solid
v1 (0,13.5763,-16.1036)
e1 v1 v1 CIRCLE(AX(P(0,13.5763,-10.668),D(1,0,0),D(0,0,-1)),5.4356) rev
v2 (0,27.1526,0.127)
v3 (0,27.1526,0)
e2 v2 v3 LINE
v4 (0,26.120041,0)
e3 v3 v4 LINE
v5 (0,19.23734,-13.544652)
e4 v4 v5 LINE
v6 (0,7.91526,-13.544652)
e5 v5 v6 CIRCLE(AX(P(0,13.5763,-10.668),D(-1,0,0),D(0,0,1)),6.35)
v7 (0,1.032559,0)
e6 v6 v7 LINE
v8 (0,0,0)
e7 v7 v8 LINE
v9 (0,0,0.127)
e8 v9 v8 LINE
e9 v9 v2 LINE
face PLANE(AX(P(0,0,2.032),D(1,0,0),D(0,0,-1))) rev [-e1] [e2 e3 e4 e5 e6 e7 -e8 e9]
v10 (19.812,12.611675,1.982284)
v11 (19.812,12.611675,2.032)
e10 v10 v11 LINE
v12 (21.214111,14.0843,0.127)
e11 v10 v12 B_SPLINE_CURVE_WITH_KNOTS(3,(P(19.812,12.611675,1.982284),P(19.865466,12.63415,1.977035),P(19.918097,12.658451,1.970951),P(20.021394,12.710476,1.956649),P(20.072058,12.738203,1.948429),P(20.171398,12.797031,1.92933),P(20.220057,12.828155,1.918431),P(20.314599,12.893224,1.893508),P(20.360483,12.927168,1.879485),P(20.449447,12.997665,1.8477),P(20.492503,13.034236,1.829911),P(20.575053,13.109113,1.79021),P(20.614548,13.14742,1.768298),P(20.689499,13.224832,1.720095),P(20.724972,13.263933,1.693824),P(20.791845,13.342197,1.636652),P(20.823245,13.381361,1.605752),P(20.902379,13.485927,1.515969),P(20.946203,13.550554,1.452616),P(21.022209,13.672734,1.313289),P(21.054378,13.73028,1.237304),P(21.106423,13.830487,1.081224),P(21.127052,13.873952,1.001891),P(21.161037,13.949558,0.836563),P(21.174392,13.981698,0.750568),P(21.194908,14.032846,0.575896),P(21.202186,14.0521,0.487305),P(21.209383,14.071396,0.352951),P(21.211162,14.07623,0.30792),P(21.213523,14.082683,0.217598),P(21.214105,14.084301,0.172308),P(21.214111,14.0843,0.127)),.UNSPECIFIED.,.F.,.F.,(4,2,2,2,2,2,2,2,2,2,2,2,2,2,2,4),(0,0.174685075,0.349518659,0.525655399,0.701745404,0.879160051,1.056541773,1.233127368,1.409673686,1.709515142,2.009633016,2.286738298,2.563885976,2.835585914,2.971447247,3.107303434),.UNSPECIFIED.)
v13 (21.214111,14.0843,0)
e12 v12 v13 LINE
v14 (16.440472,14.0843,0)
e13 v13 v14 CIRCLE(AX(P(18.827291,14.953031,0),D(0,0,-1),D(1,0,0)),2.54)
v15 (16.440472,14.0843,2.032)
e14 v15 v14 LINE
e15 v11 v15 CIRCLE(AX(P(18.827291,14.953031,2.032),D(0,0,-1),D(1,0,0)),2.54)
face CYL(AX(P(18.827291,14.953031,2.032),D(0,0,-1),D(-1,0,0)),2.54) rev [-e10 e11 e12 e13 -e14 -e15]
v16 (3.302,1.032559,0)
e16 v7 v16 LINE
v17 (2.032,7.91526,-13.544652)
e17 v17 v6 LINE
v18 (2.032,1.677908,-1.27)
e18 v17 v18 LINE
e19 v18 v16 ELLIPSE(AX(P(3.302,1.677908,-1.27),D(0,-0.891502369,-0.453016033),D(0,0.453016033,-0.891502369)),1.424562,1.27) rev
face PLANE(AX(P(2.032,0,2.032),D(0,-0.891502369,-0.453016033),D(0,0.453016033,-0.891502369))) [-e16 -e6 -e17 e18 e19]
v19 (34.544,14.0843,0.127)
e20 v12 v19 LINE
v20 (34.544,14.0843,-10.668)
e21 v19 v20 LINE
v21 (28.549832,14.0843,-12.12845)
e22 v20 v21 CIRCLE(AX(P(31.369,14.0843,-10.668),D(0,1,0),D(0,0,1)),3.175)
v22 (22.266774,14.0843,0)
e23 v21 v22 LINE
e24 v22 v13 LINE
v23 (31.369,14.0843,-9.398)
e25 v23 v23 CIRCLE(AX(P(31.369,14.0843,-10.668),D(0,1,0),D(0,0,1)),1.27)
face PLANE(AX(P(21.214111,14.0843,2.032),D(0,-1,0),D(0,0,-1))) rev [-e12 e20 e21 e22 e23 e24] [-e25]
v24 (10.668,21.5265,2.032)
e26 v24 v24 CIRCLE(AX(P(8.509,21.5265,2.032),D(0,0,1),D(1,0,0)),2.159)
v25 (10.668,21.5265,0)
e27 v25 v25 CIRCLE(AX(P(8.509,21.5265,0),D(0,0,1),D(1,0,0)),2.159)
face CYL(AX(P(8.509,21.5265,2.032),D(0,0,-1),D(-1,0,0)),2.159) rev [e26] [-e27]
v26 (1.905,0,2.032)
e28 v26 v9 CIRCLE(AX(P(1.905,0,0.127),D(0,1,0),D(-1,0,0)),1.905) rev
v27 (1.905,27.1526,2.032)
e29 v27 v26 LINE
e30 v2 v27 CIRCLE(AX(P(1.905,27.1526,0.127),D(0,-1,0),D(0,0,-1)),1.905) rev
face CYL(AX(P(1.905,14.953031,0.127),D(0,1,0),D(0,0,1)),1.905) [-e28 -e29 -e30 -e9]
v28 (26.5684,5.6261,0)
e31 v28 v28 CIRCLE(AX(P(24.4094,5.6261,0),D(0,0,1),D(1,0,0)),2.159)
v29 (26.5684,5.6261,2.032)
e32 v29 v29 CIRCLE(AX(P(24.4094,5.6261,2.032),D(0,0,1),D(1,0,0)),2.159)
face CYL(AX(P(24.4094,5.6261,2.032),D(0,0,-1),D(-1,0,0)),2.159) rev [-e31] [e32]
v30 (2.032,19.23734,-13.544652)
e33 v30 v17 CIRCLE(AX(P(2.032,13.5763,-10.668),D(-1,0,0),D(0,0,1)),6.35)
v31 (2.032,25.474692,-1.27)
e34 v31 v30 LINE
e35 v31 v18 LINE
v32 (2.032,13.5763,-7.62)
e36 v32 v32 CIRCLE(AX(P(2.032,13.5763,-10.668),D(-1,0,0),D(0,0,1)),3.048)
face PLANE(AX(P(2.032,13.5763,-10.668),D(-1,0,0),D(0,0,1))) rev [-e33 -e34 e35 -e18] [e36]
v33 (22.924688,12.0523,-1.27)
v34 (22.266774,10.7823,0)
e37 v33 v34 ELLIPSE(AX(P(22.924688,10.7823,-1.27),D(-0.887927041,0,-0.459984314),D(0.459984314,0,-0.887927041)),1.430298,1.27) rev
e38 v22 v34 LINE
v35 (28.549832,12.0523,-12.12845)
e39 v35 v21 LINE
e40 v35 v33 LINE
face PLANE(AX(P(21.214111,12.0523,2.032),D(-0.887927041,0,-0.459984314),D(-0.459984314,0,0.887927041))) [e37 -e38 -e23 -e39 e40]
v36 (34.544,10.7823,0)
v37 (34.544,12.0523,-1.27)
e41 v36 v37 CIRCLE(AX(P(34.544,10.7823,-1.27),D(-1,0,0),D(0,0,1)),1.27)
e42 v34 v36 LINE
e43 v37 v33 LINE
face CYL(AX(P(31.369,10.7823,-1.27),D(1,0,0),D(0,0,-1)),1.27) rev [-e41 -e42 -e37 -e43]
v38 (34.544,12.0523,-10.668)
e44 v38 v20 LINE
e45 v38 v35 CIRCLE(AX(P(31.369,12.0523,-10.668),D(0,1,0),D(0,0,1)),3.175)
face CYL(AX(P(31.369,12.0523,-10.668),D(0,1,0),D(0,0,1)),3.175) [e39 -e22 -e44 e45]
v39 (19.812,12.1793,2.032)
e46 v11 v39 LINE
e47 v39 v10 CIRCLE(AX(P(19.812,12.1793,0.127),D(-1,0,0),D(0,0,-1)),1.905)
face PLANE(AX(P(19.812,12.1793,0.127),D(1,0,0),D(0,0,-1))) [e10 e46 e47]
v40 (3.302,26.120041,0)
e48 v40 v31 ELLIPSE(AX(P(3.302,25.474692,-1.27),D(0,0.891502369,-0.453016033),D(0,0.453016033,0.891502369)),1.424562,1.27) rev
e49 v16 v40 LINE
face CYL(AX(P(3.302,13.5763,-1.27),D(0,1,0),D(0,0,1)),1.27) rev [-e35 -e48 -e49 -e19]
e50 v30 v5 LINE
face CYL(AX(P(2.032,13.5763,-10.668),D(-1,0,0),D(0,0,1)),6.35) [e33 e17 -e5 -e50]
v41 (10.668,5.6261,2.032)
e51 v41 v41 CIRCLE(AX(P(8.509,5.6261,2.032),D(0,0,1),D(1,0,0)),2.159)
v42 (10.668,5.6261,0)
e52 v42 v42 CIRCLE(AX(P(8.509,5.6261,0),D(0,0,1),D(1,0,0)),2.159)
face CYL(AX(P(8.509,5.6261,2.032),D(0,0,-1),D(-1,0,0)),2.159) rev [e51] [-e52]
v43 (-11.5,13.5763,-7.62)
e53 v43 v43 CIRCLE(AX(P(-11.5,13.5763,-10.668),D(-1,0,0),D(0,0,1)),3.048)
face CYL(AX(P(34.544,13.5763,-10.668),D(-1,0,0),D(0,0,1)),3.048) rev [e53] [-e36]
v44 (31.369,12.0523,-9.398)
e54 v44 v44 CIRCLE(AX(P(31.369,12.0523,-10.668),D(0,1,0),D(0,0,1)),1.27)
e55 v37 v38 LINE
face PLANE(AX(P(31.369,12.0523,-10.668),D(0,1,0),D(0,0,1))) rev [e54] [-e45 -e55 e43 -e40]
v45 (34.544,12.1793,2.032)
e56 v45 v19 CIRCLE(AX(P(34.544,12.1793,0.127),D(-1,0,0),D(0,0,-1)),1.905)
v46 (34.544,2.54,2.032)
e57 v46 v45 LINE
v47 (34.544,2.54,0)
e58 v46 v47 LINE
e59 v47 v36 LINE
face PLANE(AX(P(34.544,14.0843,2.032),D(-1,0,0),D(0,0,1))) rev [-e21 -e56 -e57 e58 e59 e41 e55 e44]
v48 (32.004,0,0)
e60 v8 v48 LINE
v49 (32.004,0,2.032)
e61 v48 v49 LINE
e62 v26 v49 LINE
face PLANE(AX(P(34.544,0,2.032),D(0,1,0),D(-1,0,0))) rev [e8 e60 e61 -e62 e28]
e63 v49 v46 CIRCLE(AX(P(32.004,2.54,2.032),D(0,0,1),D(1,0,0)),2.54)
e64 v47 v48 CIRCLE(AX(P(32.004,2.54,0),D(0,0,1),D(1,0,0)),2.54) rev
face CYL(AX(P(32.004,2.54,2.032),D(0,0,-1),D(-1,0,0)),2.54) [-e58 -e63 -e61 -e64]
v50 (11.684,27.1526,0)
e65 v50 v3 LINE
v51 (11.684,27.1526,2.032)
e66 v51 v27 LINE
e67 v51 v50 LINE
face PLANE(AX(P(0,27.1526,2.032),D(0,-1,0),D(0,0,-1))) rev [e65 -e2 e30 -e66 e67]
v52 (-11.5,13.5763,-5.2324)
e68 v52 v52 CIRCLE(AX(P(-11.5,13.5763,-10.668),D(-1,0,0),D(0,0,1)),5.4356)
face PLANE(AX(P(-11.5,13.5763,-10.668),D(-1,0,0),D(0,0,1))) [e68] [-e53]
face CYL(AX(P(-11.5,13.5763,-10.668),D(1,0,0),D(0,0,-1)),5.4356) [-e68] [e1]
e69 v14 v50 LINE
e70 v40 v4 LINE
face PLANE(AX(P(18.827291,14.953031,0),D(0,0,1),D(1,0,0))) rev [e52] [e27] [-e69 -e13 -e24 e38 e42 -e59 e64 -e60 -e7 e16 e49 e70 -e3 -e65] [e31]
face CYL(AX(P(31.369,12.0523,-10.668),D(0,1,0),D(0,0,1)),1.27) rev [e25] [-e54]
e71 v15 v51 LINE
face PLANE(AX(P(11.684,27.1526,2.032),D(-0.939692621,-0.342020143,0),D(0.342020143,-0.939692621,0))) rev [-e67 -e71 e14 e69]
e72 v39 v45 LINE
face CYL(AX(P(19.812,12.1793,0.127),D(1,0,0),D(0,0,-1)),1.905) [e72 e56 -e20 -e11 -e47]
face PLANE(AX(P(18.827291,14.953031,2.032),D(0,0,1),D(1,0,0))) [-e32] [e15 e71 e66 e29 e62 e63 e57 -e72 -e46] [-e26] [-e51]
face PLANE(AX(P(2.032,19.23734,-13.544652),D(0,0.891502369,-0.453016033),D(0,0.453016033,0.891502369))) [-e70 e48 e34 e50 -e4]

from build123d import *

# Parameters (mm, degrees)
SKETCH1_R           = 2.159
BOSS_EXTRUDE1_DEPTH = 2.032
BOSS_EXTRUDE2_DEPTH = 2.032
SKETCH3_R           = 5.4356
BOSS_EXTRUDE3_DEPTH = 11.5
SKETCH4_R           = 3.048
CUT_EXTRUDE1_DEPTH  = 57.097468274
SKETCH5_R           = 1.27
BOSS_EXTRUDE4_DEPTH = 2.032
CUT_EXTRUDE2_DEPTH  = 14.732
FILLET4_R           = 1.905
FILLET5_R           = 1.27
FILLET6_R           = 2.54


with BuildPart() as part:
    # Sketch1 → Boss-Extrude1 (new body)
    with BuildSketch(Plane.XY):
        with BuildLine():
            Line((0, 0), (0, 27.1526))
            Line((0, 27.1526), (11.684, 27.1526))
            Line((11.684, 27.1526), (16.440472212, 14.0843))
            ThreePointArc((16.440472212, 14.0843), (18.827291469, 12.413031164), (21.214110726, 14.0843))
            Line((21.214110726, 14.0843), (34.544, 14.0843))
            Line((34.544, 14.0843), (34.544, 0))
            Line((34.544, 0), (0, 0))
        make_face()
        with Locations((8.509, 21.5265)):
            Circle(SKETCH1_R, mode=Mode.SUBTRACT)
        with Locations((8.509, 5.6261)):
            Circle(SKETCH1_R, mode=Mode.SUBTRACT)
        with Locations((24.4094, 5.6261)):
            Circle(SKETCH1_R, mode=Mode.SUBTRACT)
    extrude(amount=BOSS_EXTRUDE1_DEPTH)

    # Sketch2 → Boss-Extrude2 (add)
    with BuildSketch(Plane.ZY):
        with BuildLine():
            Line((2.032, 0), (-13.544651807, 7.915259956))
            ThreePointArc((-13.544651807, 7.915259956), (-17.018, 13.5763), (-13.544651807, 19.237340044))
            Line((-13.544651807, 19.237340044), (2.032, 27.1526))
            Line((2.032, 27.1526), (2.032, 0))
        make_face()
    extrude(amount=-BOSS_EXTRUDE2_DEPTH)

    # Sketch3 → Boss-Extrude3 (add)
    with BuildSketch(Plane.ZY):
        with Locations(Location((-10.668, 13.5763, 0), (0, 0, 180))):
            Circle(SKETCH3_R)
    extrude(amount=BOSS_EXTRUDE3_DEPTH)

    # Sketch4 → Cut-Extrude1 (cut, through all)
    with BuildSketch(Plane.ZY.offset(11.5)):
        with Locations((-10.668, 13.5763)):
            Circle(SKETCH4_R)
    extrude(amount=-CUT_EXTRUDE1_DEPTH, mode=Mode.SUBTRACT)

    # Sketch5 → Boss-Extrude4 (add)
    with BuildSketch(Plane(origin=(0, 14.0843, 0), x_dir=(1, 0, 0), z_dir=(0, 1, 0))):
        with BuildLine():
            Line((21.214110726, -2.032), (28.549831644, 12.128450197))
            ThreePointArc((28.549831644, 12.128450197), (32.120586811, 13.752759677), (34.544, 10.668))
            Line((34.544, 10.668), (34.544, -2.032))
            Line((34.544, -2.032), (21.214110726, -2.032))
        make_face()
        with Locations(Location((31.369, 10.668, 0), (0, 0, 270))):
            Circle(SKETCH5_R, mode=Mode.SUBTRACT)
    extrude(amount=-BOSS_EXTRUDE4_DEPTH)

    # Sketch6 → Cut-Extrude2 (cut)
    with BuildSketch(Plane(origin=(34.544, 0, 0), x_dir=(0, 0, -1), z_dir=(1, 0, 0))):
        with BuildLine():
            Line((-0.127, 14.0843), (-2.032, 14.0843))
            Line((-2.032, 14.0843), (-2.032, 12.1793))
            ThreePointArc((-2.032, 12.1793), (-1.474038418, 13.526338418), (-0.127, 14.0843))
        make_face()
    extrude(amount=-CUT_EXTRUDE2_DEPTH, mode=Mode.SUBTRACT)

    # Fillet4
    fillet4_edges = [part.edges().sort_by_distance(p)[0] for p in [
        (0, 13.5763, 2.032),
    ]]
    fillet(fillet4_edges, radius=FILLET4_R)

    # Fillet5
    fillet5_edges = [part.edges().sort_by_distance(p)[0] for p in [
        (2.032, 13.5763, 0),
        (28.405386966, 12.0523, 0),
    ]]
    fillet(fillet5_edges, radius=FILLET5_R)

    # Fillet6
    fillet6_edges = [part.edges().sort_by_distance(p)[0] for p in [
        (34.544, 0, 1.016),
    ]]
    fillet(fillet6_edges, radius=FILLET6_R)


solid = part.part
